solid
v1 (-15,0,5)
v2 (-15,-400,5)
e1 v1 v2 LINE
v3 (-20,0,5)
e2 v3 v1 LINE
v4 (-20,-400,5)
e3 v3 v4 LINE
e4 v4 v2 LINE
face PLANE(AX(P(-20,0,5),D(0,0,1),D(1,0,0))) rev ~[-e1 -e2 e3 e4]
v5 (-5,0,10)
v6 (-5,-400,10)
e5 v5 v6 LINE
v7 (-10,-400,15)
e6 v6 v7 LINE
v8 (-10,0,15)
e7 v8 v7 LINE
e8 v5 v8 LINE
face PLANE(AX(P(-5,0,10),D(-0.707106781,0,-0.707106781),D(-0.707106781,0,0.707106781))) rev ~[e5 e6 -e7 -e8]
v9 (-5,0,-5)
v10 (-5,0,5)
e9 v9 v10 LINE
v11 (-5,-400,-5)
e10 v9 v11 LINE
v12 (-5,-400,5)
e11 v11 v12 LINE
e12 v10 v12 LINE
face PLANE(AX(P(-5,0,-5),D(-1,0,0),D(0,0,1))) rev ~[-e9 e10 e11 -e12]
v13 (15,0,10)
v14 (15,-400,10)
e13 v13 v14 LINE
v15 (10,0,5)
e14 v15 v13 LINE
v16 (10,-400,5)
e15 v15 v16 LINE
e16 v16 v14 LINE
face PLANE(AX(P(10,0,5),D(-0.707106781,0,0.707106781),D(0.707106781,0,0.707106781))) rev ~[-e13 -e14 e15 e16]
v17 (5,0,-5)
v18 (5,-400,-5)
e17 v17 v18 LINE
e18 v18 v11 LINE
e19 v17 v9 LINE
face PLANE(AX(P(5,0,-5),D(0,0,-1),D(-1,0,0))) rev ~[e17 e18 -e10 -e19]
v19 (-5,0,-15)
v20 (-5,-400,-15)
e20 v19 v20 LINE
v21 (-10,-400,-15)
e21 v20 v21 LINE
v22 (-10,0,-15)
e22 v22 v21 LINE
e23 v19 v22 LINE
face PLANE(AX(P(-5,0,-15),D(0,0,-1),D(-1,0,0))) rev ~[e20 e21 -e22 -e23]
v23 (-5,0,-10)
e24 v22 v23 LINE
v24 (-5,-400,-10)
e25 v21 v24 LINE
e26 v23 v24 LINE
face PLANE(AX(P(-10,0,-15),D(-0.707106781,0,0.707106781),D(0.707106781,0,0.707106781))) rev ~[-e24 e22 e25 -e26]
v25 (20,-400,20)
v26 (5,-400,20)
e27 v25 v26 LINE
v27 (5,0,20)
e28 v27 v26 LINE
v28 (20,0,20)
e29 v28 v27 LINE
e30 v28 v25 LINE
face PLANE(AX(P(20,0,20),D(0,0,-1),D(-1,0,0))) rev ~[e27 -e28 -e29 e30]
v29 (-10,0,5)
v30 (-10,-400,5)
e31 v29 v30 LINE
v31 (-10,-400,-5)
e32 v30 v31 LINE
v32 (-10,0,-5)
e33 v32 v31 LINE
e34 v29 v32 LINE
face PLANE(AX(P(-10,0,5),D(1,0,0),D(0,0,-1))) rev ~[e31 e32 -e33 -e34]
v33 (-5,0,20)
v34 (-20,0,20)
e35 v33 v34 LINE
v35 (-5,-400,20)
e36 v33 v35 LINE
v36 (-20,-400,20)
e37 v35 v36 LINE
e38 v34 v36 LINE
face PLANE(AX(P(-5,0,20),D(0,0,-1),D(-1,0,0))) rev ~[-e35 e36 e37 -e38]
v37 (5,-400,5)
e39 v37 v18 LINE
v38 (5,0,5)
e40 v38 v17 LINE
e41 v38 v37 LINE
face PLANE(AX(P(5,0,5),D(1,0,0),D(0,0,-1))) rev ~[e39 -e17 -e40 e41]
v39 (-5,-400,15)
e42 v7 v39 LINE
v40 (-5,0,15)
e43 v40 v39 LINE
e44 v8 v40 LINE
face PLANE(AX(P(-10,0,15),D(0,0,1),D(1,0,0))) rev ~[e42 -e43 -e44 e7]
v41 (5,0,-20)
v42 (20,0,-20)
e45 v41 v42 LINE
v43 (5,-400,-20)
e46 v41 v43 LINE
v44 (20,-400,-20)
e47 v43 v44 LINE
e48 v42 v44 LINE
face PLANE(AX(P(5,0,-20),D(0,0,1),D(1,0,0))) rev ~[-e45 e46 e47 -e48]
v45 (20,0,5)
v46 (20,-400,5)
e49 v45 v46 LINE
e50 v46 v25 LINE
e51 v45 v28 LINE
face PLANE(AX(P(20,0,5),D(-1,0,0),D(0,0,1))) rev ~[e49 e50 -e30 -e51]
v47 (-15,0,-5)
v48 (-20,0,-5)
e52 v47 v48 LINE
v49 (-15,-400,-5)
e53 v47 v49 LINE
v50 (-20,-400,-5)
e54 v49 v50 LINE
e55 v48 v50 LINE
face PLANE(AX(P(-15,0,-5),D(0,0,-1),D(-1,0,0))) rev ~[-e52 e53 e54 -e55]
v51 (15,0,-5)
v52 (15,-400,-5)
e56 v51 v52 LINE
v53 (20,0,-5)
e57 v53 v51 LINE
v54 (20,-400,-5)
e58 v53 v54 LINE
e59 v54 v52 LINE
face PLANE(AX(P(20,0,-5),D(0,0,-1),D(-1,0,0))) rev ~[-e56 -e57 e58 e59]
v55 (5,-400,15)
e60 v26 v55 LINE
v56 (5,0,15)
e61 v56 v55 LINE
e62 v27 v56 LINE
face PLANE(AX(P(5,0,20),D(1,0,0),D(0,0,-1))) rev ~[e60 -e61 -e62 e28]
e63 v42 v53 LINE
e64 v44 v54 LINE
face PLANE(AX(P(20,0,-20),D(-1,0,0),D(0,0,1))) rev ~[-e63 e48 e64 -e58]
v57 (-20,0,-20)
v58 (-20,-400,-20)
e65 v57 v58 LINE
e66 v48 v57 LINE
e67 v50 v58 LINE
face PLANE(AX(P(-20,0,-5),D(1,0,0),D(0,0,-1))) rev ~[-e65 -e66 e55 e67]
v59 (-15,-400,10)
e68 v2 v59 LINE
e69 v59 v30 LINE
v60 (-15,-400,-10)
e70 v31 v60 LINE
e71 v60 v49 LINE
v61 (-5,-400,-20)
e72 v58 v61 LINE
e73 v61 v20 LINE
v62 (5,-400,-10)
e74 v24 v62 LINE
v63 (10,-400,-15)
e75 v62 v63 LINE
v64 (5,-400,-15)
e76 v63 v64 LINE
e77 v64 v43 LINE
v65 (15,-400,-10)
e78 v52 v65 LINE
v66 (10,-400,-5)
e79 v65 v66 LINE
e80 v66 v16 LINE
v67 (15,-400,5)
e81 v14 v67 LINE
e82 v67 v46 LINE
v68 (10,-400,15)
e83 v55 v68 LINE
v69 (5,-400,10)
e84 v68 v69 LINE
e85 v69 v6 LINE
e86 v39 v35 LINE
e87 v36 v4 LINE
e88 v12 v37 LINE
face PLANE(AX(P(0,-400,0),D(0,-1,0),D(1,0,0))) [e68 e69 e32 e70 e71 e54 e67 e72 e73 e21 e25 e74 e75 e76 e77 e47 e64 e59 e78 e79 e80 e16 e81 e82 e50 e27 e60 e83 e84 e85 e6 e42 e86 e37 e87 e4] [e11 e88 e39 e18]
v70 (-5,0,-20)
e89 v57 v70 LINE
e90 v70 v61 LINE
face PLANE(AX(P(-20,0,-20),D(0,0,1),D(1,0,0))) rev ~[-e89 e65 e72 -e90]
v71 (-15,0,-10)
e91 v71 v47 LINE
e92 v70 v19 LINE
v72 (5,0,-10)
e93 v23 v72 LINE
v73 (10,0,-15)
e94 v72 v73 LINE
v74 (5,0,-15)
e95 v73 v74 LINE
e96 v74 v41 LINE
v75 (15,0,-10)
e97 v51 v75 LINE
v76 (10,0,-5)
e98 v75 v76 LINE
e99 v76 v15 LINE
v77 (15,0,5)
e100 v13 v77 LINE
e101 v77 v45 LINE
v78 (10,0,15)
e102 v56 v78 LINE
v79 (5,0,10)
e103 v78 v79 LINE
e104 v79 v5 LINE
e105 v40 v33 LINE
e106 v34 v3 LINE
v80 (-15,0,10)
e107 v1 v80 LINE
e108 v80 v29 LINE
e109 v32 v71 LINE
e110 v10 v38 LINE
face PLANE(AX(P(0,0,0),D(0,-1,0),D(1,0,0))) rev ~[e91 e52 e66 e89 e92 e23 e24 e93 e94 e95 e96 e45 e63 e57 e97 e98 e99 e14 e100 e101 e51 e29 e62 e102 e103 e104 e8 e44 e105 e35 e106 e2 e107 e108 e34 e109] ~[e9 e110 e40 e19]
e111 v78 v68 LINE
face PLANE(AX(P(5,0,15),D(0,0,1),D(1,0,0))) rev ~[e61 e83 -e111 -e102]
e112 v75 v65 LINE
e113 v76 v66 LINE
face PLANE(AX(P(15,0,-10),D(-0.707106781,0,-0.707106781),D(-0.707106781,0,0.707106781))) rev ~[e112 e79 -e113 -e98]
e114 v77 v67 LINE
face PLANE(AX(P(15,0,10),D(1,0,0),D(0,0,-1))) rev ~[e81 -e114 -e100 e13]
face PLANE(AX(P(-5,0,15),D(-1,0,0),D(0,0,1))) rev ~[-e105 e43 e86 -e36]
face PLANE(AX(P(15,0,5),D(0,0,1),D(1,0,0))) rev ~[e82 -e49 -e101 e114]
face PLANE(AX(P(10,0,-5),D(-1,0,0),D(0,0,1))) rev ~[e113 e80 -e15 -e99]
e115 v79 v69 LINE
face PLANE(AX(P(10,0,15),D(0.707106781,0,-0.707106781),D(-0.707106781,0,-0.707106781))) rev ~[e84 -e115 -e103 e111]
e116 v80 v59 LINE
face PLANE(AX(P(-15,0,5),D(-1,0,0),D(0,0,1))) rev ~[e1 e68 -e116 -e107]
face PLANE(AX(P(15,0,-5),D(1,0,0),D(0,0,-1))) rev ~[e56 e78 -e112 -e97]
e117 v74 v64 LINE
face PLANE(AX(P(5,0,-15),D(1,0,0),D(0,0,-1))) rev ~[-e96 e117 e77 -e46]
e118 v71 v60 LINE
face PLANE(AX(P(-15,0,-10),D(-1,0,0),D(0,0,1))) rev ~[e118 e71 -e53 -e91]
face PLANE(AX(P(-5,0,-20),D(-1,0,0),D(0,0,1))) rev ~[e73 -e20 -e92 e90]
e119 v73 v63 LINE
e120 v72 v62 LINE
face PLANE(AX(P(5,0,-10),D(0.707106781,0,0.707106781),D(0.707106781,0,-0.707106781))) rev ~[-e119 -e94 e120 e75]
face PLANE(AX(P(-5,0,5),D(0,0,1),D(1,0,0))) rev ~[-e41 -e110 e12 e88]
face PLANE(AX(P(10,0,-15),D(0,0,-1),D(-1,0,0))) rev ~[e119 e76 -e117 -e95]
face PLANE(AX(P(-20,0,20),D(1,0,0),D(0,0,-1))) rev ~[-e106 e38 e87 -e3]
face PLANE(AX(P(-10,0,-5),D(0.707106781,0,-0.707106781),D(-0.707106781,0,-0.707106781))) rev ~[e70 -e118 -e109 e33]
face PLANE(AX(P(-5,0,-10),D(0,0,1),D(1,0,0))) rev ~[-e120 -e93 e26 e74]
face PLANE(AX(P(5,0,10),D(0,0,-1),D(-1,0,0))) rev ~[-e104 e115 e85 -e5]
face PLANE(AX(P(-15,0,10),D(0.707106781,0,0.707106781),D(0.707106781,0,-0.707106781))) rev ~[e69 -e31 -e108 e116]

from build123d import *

# Parameters (mm, degrees)
F1_DEPTH = 400


with BuildPart() as f1:
    # F0 (on Front) → F1 (new body)
    with BuildSketch(Plane.XZ):
        Polygon((20, 5), (20, 20), (5, 20), (5, 15), (10, 15), (5, 10), (-5, 10), (-10, 15), (-5, 15), (-5, 20), (-20, 20), (-20, 5), (-15, 5), (-15, 10), (-10, 5), (-10, -5), (-15, -10), (-15, -5), (-20, -5), (-20, -20), (-5, -20), (-5, -15), (-10, -15), (-5, -10), (5, -10), (10, -15), (5, -15), (5, -20), (20, -20), (20, -5), (15, -5), (15, -10), (10, -5), (10, 5), (15, 10), (15, 5), align=None)
        Polygon((-5, 0), (-5, 5), (0, 5), (5, 5), (5, 0), (5, -5), (0, -5), (-5, -5), align=None, mode=Mode.SUBTRACT)
    extrude(amount=F1_DEPTH)


solid = f1.part
